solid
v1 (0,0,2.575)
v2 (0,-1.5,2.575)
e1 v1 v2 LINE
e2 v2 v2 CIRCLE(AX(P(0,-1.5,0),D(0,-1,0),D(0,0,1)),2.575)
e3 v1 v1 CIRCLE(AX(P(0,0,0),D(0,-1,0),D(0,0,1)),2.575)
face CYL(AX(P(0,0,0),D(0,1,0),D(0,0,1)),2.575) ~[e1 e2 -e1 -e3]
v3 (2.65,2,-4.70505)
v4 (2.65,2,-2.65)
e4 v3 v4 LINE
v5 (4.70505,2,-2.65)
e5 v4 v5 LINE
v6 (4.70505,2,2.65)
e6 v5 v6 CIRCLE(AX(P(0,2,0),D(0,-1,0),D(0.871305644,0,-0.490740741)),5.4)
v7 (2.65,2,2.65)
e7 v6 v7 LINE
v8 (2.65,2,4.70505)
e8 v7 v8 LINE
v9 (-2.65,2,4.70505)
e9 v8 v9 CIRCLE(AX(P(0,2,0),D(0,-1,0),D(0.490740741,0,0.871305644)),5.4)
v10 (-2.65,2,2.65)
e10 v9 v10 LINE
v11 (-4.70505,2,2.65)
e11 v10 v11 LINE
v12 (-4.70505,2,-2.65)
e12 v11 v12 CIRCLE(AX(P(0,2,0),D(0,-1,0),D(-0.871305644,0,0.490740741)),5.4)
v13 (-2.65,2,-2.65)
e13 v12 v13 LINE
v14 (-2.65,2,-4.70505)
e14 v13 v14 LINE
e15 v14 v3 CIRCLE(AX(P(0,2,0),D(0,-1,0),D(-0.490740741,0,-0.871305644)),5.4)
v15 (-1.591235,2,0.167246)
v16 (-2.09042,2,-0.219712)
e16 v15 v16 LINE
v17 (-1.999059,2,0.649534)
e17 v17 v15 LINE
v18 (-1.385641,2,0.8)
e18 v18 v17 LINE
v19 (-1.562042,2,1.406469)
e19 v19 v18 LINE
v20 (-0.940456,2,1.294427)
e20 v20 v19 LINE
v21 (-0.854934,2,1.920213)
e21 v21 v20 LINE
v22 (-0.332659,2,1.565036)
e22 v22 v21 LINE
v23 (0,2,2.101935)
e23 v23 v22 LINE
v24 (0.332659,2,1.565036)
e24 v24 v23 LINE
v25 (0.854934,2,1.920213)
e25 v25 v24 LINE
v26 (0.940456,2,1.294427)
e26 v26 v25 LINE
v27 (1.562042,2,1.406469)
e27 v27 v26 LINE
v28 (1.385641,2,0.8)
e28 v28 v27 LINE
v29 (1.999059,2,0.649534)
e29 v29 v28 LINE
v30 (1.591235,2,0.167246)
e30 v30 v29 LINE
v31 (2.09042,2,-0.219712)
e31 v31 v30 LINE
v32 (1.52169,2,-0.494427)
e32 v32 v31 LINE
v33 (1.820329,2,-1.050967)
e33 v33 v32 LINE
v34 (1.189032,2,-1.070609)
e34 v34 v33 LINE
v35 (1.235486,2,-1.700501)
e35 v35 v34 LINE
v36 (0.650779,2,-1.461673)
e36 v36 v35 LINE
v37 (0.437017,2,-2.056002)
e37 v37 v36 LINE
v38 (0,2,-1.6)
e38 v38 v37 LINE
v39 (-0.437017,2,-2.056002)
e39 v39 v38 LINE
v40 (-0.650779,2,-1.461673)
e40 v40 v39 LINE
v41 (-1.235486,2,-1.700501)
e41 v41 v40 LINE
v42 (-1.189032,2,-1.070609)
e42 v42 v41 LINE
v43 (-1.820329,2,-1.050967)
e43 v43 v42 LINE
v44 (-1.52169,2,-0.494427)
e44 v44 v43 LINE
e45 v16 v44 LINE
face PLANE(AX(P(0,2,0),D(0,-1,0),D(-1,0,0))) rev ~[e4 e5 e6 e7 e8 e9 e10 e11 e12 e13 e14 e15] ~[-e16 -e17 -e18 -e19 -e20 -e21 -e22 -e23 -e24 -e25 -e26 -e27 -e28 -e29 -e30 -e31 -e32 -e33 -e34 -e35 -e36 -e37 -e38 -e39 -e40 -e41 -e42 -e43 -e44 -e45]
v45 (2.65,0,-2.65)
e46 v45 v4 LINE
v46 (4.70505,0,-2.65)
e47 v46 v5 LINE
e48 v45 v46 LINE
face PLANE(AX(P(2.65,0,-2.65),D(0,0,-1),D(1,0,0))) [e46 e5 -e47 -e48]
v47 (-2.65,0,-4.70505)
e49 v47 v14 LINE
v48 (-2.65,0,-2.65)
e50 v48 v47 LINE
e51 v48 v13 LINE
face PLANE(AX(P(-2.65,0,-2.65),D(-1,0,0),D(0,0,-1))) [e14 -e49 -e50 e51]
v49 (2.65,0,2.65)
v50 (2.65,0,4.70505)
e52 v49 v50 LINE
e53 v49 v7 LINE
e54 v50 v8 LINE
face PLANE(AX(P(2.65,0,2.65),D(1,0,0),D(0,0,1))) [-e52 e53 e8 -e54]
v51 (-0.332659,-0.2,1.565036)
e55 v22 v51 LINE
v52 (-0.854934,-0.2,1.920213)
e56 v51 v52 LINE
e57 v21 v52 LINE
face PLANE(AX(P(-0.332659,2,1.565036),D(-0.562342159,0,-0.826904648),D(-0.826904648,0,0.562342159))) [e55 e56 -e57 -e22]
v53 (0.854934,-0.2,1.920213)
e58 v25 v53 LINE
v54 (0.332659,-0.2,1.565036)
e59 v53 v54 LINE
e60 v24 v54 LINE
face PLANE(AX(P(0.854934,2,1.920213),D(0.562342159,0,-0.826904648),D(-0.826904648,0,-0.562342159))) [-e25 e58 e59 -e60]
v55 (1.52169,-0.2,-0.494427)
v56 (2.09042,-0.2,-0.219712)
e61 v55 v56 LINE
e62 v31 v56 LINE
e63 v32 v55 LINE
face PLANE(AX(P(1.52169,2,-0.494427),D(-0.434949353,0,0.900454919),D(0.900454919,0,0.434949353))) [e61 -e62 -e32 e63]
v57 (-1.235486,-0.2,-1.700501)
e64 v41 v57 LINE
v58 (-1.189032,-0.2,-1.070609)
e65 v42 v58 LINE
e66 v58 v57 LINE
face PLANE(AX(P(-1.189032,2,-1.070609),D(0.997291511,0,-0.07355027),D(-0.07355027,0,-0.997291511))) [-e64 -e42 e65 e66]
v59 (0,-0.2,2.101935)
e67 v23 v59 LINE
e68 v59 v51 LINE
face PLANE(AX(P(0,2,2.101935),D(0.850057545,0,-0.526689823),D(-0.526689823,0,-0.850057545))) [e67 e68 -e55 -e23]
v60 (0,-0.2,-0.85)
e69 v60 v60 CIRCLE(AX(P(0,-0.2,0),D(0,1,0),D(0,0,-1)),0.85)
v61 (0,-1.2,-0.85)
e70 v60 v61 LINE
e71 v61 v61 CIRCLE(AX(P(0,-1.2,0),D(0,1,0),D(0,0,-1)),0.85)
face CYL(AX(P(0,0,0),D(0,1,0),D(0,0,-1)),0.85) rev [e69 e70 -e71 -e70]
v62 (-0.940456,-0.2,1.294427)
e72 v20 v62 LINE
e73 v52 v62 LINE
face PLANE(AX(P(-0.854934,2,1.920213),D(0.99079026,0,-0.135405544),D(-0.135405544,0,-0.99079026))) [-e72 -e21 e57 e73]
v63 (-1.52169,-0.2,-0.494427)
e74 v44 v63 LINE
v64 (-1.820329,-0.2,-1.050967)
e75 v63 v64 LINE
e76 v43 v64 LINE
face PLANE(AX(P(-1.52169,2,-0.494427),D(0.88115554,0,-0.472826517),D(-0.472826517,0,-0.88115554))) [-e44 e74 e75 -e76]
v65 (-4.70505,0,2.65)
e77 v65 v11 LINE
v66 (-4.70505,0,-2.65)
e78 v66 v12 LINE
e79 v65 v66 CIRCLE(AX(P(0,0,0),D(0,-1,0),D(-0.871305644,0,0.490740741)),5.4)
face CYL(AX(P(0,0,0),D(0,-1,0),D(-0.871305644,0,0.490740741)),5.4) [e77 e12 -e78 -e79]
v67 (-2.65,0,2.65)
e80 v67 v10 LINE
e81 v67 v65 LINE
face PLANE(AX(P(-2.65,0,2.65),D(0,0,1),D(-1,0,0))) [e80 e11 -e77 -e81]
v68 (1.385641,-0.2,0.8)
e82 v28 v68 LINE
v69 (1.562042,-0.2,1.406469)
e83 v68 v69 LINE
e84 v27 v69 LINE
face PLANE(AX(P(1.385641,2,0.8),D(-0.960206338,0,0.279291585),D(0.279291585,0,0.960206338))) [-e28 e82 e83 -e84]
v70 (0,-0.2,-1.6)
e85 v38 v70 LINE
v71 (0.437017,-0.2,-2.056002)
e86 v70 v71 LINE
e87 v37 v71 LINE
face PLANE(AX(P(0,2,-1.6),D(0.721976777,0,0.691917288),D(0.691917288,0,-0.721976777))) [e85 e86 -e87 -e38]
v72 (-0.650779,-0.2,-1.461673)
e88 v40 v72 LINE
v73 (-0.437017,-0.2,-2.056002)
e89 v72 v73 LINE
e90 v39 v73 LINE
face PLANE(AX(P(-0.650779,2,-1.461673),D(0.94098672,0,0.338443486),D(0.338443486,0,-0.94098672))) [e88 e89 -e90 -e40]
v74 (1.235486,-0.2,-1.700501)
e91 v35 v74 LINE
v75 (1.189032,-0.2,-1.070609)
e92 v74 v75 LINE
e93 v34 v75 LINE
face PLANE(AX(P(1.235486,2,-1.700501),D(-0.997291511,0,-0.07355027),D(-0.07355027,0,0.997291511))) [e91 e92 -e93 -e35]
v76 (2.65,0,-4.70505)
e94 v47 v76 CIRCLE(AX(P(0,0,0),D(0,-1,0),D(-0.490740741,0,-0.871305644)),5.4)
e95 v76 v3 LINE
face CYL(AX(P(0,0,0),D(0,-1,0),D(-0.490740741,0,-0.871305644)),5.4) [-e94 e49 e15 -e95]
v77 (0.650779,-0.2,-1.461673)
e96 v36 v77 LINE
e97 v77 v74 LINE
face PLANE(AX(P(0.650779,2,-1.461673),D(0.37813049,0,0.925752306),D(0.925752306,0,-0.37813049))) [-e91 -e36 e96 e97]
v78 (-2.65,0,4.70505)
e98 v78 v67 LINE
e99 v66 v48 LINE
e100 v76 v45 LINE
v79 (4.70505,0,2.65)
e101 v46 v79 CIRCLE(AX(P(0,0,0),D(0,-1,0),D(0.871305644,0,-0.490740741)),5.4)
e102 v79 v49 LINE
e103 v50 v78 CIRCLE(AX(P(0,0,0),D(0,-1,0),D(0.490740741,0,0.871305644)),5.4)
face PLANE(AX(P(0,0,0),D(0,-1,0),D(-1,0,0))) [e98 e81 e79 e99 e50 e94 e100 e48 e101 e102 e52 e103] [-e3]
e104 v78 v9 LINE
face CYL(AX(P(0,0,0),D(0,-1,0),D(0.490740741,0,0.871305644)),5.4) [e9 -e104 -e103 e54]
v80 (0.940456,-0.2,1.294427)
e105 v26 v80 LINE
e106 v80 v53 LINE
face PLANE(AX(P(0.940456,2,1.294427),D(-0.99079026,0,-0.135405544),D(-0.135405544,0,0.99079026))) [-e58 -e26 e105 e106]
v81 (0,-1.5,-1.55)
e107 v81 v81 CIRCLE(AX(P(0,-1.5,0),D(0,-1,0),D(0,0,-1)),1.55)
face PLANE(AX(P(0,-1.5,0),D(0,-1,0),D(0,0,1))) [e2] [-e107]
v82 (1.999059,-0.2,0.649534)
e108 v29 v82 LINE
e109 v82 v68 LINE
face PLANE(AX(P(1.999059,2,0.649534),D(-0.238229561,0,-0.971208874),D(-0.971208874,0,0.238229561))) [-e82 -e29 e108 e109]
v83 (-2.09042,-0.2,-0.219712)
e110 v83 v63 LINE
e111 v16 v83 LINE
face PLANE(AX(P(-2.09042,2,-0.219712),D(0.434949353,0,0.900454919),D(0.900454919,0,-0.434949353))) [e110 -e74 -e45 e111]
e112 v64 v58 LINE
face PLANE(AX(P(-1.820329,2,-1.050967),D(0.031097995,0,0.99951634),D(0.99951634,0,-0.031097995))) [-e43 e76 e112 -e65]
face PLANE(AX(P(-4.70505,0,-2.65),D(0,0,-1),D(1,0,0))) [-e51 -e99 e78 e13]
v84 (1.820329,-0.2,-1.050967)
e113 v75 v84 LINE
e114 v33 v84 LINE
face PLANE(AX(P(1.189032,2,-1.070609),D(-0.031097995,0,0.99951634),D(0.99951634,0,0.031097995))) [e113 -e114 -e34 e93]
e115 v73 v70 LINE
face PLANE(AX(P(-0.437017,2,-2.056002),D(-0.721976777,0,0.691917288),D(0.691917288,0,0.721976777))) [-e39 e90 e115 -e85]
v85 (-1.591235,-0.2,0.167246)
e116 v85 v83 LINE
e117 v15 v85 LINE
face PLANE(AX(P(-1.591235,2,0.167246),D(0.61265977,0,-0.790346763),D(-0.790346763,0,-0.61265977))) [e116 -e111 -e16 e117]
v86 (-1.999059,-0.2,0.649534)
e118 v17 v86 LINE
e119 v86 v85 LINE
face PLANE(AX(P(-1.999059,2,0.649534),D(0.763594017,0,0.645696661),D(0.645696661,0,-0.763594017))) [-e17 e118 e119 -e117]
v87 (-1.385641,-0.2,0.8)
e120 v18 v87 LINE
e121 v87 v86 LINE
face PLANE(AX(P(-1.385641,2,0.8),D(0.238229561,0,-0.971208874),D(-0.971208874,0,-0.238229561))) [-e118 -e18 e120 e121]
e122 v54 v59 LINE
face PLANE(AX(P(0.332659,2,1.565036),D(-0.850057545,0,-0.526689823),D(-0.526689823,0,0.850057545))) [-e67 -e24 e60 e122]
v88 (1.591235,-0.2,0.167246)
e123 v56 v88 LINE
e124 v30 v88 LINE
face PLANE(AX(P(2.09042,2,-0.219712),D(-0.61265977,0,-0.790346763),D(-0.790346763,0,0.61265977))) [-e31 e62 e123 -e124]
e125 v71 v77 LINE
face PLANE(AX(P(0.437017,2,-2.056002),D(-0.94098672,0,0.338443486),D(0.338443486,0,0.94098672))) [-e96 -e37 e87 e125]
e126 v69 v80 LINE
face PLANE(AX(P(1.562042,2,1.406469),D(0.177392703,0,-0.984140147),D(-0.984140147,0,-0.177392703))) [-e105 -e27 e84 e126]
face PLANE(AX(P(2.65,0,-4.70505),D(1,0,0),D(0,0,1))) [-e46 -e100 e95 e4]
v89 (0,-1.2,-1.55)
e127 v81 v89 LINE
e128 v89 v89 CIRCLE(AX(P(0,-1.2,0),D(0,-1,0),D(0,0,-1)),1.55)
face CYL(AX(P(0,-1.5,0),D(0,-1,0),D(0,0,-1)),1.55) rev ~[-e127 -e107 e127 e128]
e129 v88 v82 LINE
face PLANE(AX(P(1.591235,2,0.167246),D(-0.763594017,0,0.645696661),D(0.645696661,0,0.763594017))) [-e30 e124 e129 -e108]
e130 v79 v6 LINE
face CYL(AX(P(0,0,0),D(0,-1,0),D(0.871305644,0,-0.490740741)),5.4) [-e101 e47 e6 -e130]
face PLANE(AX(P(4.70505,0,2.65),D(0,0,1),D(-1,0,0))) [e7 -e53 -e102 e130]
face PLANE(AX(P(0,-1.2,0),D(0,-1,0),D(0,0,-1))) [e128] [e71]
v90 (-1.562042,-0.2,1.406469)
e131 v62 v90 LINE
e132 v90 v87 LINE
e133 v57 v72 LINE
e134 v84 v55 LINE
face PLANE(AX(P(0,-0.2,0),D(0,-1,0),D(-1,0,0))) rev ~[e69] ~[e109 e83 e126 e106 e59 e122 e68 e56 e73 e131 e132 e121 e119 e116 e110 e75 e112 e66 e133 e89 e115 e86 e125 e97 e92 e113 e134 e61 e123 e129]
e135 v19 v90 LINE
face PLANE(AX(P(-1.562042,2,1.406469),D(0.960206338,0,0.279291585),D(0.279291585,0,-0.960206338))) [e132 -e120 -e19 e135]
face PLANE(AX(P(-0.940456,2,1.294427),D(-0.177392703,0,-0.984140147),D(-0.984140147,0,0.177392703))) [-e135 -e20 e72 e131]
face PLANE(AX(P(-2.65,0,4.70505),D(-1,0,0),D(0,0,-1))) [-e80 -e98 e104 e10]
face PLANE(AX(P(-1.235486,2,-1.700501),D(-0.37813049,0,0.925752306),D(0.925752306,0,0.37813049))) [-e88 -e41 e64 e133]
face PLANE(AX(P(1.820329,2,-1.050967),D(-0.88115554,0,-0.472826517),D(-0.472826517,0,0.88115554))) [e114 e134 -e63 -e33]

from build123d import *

# Parameters (mm, degrees)
EXTRUDE_1_DEPTH     = 2
SKETCH_2_R          = 2.575
SKETCH_2_R_2        = 0.85
EXTRUDE_2_DEPTH     = 1.5
SKETCH_3_R          = 1.55
CUT_EXTRUDE_1_DEPTH = 0.3
CUT_EXTRUDE_2_DEPTH = 2.2


with BuildPart() as part:
    # ｽｹｯﾁ1 → ﾎﾞｽ - 押し出し1 (new body)
    with BuildSketch(Plane(origin=(0, 0, 0), x_dir=(1, 0, 0), z_dir=(0, 1, 0))):
        with BuildLine():
            Line((2.65, 4.705050478), (2.65, 2.65))
            Line((2.65, 2.65), (4.705050478, 2.65))
            ThreePointArc((4.705050478, 2.65), (5.4, 0), (4.705050478, -2.65))
            Line((4.705050478, -2.65), (2.65, -2.65))
            Line((2.65, -2.65), (2.65, -4.705050478))
            ThreePointArc((2.65, -4.705050478), (0, -5.4), (-2.65, -4.705050478))
            Line((-2.65, -4.705050478), (-2.65, -2.65))
            Line((-2.65, -2.65), (-4.705050478, -2.65))
            ThreePointArc((-4.705050478, -2.65), (-5.4, 0), (-4.705050478, 2.65))
            Line((-4.705050478, 2.65), (-2.65, 2.65))
            Line((-2.65, 2.65), (-2.65, 4.705050478))
            ThreePointArc((-2.65, 4.705050478), (0, 5.4), (2.65, 4.705050478))
        make_face()
    extrude(amount=EXTRUDE_1_DEPTH)

    # ｽｹｯﾁ2 → ﾎﾞｽ - 押し出し2 (add)
    with BuildSketch(Plane.XZ):
        with Locations(Location((0, 0, 0), (0, 0, 90))):
            Circle(SKETCH_2_R)
        with Locations(Location((0, 0, 0), (0, 0, 270))):
            Circle(SKETCH_2_R_2, mode=Mode.SUBTRACT)
    extrude(amount=EXTRUDE_2_DEPTH)

    # ｽｹｯﾁ3 → ｶｯﾄ - 押し出し1 (cut)
    with BuildSketch(Plane.XZ.offset(1.5)):
        with Locations(Location((0, 0, 0), (0, 0, 270))):
            Circle(SKETCH_3_R)
    extrude(amount=-CUT_EXTRUDE_1_DEPTH, mode=Mode.SUBTRACT)

    # ｽｹｯﾁ4 → ｶｯﾄ - 押し出し2 (cut)
    with BuildSketch(Plane(origin=(0, 2, 0), x_dir=(1, 0, 0), z_dir=(0, 1, 0))):
        Polygon((0, 1.6), (0.437016815, 2.056002469), (0.650778629, 1.461672732), (1.235486269, 1.700500964), (1.189031721, 1.07060897), (1.820328922, 1.050967393), (1.521690426, 0.494427191), (2.090420168, 0.219712013), (1.591235033, -0.167245541), (1.999058776, -0.64953357), (1.385640646, -0.8), (1.56204196, -1.406468898), (0.940456404, -1.294427191), (0.854933899, -1.920212977), (0.332658705, -1.565036161), (0, -2.101934787), (-0.332658705, -1.565036161), (-0.854933899, -1.920212977), (-0.940456404, -1.294427191), (-1.56204196, -1.406468898), (-1.385640646, -0.8), (-1.999058776, -0.64953357), (-1.591235033, -0.167245541), (-2.090420168, 0.219712013), (-1.521690426, 0.494427191), (-1.820328922, 1.050967393), (-1.189031721, 1.07060897), (-1.235486269, 1.700500964), (-0.650778629, 1.461672732), (-0.437016815, 2.056002469), align=None)
    extrude(amount=-CUT_EXTRUDE_2_DEPTH, mode=Mode.SUBTRACT)


solid = part.part
